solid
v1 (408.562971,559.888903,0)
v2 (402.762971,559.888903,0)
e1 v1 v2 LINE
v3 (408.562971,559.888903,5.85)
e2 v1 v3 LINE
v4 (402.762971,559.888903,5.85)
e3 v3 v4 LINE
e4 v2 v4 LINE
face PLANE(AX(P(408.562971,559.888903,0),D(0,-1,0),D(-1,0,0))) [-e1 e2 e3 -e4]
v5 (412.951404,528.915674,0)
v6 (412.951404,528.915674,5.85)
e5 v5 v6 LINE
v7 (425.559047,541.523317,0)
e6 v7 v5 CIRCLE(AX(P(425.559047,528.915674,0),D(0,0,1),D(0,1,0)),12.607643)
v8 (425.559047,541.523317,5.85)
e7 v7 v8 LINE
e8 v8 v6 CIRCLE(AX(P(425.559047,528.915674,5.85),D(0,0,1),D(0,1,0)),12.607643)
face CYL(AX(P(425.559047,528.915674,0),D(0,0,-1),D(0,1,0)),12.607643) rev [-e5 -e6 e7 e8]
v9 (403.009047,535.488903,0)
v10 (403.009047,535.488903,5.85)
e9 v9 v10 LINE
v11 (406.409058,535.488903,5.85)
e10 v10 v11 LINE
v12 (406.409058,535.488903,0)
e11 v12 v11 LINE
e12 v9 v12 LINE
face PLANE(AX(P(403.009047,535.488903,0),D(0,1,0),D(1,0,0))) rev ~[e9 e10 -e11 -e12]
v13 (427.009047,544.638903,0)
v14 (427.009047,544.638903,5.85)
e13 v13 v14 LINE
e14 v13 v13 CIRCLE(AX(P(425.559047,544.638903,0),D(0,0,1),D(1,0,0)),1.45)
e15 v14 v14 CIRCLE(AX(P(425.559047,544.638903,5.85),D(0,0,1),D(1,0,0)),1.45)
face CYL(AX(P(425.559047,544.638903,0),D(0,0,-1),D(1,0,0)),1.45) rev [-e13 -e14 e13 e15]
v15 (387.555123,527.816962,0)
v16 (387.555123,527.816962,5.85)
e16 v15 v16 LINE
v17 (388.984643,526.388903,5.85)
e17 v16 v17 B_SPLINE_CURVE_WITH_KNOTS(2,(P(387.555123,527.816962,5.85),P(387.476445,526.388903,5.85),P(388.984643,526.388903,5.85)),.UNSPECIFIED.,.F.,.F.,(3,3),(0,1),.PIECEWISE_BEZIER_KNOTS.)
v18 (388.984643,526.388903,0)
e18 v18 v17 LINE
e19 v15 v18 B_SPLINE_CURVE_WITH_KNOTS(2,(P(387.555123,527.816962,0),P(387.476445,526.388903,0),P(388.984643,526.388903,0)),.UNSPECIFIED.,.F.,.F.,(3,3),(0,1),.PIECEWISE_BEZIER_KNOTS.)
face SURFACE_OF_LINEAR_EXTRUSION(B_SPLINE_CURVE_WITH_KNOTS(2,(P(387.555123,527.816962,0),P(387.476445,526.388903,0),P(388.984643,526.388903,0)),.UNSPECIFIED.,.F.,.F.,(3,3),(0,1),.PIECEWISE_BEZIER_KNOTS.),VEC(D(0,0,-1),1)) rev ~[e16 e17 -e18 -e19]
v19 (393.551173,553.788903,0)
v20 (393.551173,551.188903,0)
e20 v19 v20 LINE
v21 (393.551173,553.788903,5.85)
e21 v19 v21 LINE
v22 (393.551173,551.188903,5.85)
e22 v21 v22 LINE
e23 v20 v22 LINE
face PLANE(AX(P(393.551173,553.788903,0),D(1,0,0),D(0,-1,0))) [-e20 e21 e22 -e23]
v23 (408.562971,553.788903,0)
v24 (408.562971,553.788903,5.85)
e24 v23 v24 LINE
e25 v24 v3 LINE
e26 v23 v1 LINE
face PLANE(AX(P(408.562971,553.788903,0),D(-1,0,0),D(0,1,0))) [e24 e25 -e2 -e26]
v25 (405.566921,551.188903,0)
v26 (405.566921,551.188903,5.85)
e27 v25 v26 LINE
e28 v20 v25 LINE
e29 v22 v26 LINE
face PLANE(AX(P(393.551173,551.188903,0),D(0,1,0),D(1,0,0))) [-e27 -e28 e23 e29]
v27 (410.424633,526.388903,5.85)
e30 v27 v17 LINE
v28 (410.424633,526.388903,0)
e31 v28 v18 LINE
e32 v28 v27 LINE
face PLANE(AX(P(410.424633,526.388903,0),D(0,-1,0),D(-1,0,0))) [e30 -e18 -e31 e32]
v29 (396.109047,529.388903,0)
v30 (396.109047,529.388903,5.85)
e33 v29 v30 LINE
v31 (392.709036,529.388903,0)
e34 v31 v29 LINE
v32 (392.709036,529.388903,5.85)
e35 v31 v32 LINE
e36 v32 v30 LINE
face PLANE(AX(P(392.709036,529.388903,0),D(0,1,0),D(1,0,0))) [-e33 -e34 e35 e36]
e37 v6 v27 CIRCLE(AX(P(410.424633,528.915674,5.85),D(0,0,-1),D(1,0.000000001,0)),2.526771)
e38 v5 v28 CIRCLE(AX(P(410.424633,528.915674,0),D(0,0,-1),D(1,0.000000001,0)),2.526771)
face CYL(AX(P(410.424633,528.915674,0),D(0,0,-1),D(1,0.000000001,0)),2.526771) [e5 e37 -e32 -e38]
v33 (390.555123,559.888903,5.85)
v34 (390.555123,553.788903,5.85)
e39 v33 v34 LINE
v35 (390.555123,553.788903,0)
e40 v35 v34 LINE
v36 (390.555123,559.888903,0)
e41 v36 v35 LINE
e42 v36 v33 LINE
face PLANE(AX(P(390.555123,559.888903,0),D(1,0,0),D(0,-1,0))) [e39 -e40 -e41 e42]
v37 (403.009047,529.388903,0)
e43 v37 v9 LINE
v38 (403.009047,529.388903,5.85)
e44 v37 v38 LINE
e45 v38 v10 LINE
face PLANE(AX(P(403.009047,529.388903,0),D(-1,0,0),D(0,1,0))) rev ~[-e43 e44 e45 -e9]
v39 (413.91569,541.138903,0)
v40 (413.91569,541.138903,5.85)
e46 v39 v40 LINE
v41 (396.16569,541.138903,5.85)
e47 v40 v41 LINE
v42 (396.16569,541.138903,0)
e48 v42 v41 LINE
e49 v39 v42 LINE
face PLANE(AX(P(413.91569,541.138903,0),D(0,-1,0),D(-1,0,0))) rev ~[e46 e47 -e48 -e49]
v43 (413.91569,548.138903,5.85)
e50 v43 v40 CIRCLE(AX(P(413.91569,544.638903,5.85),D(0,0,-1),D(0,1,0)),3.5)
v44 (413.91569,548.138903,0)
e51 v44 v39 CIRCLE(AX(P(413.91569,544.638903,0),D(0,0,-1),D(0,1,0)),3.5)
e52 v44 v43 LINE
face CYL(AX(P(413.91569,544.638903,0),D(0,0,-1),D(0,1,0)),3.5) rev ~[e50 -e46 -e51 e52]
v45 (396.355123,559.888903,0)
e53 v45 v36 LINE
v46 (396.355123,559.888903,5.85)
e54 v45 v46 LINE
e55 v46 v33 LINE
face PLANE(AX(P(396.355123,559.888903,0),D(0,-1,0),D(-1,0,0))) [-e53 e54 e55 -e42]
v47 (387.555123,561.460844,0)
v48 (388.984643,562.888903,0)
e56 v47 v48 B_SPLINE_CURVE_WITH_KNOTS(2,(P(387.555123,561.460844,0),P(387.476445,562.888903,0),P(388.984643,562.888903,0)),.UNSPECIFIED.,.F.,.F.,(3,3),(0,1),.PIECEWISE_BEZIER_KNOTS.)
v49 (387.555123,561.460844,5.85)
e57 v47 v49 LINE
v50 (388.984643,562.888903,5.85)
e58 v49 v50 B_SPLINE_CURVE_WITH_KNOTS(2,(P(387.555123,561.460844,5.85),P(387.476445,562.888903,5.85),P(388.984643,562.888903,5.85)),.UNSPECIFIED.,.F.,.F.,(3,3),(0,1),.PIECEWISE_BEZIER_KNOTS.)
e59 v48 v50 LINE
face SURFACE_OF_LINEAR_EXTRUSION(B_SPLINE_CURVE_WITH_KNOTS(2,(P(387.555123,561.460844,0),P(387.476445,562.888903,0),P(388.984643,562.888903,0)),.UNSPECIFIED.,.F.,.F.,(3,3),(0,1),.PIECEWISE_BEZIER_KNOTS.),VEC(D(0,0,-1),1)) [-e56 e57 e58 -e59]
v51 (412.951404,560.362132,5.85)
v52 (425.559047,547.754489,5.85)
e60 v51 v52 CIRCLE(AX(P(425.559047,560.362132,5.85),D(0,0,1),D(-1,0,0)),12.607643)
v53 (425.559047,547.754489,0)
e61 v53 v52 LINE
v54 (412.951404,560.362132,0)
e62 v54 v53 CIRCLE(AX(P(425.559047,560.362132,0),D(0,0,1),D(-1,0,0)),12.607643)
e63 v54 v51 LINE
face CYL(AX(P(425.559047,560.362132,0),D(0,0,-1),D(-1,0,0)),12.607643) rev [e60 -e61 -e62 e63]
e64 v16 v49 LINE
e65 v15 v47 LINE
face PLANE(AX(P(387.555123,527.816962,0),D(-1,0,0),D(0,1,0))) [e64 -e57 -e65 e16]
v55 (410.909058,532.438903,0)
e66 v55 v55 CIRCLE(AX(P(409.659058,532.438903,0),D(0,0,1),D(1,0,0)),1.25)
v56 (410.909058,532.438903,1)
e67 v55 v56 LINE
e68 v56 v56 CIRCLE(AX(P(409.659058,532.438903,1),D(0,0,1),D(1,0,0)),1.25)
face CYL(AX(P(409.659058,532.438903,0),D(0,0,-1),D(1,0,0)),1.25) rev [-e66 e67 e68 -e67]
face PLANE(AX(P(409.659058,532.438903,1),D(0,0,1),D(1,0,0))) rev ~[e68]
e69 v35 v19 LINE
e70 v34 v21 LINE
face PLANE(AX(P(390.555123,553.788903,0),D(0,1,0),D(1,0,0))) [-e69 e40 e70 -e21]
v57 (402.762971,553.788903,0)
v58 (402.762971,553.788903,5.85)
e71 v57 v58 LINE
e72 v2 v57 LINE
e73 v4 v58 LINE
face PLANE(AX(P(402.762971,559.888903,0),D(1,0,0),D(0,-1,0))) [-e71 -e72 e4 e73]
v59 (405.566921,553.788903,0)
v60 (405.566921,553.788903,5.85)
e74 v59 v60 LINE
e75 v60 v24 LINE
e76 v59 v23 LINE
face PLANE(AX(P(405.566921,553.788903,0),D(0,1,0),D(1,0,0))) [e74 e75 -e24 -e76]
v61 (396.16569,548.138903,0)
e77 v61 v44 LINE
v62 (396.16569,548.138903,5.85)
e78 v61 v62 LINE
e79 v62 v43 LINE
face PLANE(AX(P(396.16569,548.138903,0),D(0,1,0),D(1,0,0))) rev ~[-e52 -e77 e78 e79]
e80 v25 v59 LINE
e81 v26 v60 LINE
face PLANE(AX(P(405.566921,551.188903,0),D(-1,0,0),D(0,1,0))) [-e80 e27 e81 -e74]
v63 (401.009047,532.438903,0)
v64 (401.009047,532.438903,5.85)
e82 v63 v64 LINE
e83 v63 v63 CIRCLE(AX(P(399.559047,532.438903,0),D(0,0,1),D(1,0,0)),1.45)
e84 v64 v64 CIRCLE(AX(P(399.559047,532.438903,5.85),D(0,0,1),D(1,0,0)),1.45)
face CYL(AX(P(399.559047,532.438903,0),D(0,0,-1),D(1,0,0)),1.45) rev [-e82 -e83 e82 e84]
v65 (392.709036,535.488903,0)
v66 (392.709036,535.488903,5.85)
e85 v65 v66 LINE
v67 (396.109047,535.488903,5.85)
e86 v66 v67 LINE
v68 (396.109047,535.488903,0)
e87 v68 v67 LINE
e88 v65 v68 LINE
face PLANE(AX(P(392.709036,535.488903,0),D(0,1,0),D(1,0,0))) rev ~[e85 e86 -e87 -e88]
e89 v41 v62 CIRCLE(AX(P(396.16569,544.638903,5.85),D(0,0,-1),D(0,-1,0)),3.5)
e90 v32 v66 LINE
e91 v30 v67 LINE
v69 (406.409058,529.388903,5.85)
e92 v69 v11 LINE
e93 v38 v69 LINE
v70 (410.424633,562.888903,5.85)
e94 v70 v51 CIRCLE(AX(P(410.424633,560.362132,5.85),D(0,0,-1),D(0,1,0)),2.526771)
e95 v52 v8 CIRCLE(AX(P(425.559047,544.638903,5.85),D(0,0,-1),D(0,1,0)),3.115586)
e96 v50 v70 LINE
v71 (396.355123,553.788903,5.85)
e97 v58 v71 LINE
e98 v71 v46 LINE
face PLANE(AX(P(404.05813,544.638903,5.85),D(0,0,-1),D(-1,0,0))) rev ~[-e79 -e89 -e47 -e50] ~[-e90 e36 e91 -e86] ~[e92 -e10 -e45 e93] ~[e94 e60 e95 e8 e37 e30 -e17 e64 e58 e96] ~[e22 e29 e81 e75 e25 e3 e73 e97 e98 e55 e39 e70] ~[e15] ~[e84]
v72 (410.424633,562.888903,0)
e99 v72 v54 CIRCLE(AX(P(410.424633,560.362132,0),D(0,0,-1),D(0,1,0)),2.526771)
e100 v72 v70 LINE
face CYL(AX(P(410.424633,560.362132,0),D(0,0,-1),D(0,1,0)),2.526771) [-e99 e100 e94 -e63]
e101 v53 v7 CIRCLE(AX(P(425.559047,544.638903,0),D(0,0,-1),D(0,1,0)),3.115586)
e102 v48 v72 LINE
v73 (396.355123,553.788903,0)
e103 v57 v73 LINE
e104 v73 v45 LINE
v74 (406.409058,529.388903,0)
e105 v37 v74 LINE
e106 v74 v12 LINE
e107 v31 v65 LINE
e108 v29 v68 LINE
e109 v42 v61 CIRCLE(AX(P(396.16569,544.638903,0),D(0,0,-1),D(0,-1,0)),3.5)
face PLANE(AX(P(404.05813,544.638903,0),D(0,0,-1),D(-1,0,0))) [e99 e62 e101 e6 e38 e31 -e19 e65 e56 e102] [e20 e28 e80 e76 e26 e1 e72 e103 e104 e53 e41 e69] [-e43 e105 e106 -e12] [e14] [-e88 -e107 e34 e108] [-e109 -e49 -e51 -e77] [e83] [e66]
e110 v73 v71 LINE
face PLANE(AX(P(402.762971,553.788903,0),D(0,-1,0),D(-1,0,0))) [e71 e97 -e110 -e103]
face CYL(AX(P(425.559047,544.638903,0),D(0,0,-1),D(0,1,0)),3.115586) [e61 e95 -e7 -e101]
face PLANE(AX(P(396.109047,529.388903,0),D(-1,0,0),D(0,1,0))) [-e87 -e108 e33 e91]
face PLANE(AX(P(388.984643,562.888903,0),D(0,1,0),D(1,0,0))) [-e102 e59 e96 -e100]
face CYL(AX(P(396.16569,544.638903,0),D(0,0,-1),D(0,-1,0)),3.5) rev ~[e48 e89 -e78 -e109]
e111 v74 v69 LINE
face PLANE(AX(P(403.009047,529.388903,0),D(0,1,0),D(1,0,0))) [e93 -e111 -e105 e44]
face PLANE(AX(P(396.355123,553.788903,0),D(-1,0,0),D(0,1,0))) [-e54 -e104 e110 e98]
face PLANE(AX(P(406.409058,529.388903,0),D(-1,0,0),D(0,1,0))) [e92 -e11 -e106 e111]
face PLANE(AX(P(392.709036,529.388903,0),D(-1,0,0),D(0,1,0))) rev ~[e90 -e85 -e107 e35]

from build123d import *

# Parameters (mm, degrees)
SKETCH1_R           = 1.45
SKETCH1_W           = 3.400011
SKETCH1_H           = 6.1
BOSS_EXTRUDE2_DEPTH = 5.85
SKETCH2_R           = 1.25
CUT_EXTRUDE1_DEPTH  = 1


with BuildPart() as part:
    # Sketch1 → Boss-Extrude2 (new body)
    with BuildSketch(Plane.XY):
        with BuildLine():
            Line((388.984643017, 562.888903138), (410.424633118, 562.888903138))
            ThreePointArc((410.424633118, 562.888903138), (412.211329852, 562.148829119), (412.95140387, 560.362132386))
            ThreePointArc((412.95140387, 560.362132386), (416.644097047, 551.447182437), (425.559046996, 547.75448926))
            ThreePointArc((425.559046996, 547.75448926), (428.674633119, 544.638903138), (425.559046996, 541.523317015))
            ThreePointArc((425.559046996, 541.523317015), (416.644097047, 537.830623838), (412.95140387, 528.915673889))
            ThreePointArc((412.95140387, 528.915673889), (412.211329852, 527.128977156), (410.424633118, 526.388903138))
            Line((410.424633118, 526.388903138), (388.984643017, 526.388903138))
            add(Edge.make_bspline(
                [(387.555122745, 527.816961526), (387.476445389, 526.388903138), (388.984643017, 526.388903138)],
                knots=[0, 0, 0, 1, 1, 1], degree=2))
            Line((387.555122745, 527.816961526), (387.555122745, 561.460844041))
            add(Edge.make_bspline(
                [(387.555122745, 561.460844041), (387.476444597, 562.888903138), (388.984643017, 562.888903138)],
                knots=[0, 0, 0, 1, 1, 1], degree=2))
        make_face()
        with Locations((425.559046996, 544.638903138)):
            Circle(SKETCH1_R, mode=Mode.SUBTRACT)
        with Locations((399.559046996, 532.438903138)):
            Circle(SKETCH1_R, mode=Mode.SUBTRACT)
        Polygon((405.566920996, 551.188903138), (405.566920996, 553.788903138), (408.562971247, 553.788903138), (408.562971247, 559.888903138), (402.762971247, 559.888903138), (402.762971247, 553.788903138), (396.355122745, 553.788903138), (396.355122745, 559.888903138), (390.555122745, 559.888903138), (390.555122745, 553.788903138), (393.551172996, 553.788903138), (393.551172996, 551.188903138), align=None, mode=Mode.SUBTRACT)
        with Locations((394.409041496, 532.438903138)):
            Rectangle(SKETCH1_W, SKETCH1_H, mode=Mode.SUBTRACT)
        with Locations((404.709052496, 532.438903138)):
            Rectangle(SKETCH1_W, SKETCH1_H, mode=Mode.SUBTRACT)
        with BuildLine():
            Line((396.165690223, 548.138903138), (413.915690223, 548.138903138))
            ThreePointArc((413.915690223, 548.138903138), (417.415690223, 544.638903138), (413.915690223, 541.138903138))
            Line((413.915690223, 541.138903138), (396.165690223, 541.138903138))
            ThreePointArc((396.165690223, 541.138903138), (392.665690223, 544.638903138), (396.165690223, 548.138903138))
        make_face(mode=Mode.SUBTRACT)
    extrude(amount=BOSS_EXTRUDE2_DEPTH)

    # Sketch2 → Cut-Extrude1 (cut)
    with BuildSketch(Plane.XY):
        with Locations((409.659057996, 532.438903138)):
            Circle(SKETCH2_R)
    extrude(amount=CUT_EXTRUDE1_DEPTH, mode=Mode.SUBTRACT)


solid = part.part
